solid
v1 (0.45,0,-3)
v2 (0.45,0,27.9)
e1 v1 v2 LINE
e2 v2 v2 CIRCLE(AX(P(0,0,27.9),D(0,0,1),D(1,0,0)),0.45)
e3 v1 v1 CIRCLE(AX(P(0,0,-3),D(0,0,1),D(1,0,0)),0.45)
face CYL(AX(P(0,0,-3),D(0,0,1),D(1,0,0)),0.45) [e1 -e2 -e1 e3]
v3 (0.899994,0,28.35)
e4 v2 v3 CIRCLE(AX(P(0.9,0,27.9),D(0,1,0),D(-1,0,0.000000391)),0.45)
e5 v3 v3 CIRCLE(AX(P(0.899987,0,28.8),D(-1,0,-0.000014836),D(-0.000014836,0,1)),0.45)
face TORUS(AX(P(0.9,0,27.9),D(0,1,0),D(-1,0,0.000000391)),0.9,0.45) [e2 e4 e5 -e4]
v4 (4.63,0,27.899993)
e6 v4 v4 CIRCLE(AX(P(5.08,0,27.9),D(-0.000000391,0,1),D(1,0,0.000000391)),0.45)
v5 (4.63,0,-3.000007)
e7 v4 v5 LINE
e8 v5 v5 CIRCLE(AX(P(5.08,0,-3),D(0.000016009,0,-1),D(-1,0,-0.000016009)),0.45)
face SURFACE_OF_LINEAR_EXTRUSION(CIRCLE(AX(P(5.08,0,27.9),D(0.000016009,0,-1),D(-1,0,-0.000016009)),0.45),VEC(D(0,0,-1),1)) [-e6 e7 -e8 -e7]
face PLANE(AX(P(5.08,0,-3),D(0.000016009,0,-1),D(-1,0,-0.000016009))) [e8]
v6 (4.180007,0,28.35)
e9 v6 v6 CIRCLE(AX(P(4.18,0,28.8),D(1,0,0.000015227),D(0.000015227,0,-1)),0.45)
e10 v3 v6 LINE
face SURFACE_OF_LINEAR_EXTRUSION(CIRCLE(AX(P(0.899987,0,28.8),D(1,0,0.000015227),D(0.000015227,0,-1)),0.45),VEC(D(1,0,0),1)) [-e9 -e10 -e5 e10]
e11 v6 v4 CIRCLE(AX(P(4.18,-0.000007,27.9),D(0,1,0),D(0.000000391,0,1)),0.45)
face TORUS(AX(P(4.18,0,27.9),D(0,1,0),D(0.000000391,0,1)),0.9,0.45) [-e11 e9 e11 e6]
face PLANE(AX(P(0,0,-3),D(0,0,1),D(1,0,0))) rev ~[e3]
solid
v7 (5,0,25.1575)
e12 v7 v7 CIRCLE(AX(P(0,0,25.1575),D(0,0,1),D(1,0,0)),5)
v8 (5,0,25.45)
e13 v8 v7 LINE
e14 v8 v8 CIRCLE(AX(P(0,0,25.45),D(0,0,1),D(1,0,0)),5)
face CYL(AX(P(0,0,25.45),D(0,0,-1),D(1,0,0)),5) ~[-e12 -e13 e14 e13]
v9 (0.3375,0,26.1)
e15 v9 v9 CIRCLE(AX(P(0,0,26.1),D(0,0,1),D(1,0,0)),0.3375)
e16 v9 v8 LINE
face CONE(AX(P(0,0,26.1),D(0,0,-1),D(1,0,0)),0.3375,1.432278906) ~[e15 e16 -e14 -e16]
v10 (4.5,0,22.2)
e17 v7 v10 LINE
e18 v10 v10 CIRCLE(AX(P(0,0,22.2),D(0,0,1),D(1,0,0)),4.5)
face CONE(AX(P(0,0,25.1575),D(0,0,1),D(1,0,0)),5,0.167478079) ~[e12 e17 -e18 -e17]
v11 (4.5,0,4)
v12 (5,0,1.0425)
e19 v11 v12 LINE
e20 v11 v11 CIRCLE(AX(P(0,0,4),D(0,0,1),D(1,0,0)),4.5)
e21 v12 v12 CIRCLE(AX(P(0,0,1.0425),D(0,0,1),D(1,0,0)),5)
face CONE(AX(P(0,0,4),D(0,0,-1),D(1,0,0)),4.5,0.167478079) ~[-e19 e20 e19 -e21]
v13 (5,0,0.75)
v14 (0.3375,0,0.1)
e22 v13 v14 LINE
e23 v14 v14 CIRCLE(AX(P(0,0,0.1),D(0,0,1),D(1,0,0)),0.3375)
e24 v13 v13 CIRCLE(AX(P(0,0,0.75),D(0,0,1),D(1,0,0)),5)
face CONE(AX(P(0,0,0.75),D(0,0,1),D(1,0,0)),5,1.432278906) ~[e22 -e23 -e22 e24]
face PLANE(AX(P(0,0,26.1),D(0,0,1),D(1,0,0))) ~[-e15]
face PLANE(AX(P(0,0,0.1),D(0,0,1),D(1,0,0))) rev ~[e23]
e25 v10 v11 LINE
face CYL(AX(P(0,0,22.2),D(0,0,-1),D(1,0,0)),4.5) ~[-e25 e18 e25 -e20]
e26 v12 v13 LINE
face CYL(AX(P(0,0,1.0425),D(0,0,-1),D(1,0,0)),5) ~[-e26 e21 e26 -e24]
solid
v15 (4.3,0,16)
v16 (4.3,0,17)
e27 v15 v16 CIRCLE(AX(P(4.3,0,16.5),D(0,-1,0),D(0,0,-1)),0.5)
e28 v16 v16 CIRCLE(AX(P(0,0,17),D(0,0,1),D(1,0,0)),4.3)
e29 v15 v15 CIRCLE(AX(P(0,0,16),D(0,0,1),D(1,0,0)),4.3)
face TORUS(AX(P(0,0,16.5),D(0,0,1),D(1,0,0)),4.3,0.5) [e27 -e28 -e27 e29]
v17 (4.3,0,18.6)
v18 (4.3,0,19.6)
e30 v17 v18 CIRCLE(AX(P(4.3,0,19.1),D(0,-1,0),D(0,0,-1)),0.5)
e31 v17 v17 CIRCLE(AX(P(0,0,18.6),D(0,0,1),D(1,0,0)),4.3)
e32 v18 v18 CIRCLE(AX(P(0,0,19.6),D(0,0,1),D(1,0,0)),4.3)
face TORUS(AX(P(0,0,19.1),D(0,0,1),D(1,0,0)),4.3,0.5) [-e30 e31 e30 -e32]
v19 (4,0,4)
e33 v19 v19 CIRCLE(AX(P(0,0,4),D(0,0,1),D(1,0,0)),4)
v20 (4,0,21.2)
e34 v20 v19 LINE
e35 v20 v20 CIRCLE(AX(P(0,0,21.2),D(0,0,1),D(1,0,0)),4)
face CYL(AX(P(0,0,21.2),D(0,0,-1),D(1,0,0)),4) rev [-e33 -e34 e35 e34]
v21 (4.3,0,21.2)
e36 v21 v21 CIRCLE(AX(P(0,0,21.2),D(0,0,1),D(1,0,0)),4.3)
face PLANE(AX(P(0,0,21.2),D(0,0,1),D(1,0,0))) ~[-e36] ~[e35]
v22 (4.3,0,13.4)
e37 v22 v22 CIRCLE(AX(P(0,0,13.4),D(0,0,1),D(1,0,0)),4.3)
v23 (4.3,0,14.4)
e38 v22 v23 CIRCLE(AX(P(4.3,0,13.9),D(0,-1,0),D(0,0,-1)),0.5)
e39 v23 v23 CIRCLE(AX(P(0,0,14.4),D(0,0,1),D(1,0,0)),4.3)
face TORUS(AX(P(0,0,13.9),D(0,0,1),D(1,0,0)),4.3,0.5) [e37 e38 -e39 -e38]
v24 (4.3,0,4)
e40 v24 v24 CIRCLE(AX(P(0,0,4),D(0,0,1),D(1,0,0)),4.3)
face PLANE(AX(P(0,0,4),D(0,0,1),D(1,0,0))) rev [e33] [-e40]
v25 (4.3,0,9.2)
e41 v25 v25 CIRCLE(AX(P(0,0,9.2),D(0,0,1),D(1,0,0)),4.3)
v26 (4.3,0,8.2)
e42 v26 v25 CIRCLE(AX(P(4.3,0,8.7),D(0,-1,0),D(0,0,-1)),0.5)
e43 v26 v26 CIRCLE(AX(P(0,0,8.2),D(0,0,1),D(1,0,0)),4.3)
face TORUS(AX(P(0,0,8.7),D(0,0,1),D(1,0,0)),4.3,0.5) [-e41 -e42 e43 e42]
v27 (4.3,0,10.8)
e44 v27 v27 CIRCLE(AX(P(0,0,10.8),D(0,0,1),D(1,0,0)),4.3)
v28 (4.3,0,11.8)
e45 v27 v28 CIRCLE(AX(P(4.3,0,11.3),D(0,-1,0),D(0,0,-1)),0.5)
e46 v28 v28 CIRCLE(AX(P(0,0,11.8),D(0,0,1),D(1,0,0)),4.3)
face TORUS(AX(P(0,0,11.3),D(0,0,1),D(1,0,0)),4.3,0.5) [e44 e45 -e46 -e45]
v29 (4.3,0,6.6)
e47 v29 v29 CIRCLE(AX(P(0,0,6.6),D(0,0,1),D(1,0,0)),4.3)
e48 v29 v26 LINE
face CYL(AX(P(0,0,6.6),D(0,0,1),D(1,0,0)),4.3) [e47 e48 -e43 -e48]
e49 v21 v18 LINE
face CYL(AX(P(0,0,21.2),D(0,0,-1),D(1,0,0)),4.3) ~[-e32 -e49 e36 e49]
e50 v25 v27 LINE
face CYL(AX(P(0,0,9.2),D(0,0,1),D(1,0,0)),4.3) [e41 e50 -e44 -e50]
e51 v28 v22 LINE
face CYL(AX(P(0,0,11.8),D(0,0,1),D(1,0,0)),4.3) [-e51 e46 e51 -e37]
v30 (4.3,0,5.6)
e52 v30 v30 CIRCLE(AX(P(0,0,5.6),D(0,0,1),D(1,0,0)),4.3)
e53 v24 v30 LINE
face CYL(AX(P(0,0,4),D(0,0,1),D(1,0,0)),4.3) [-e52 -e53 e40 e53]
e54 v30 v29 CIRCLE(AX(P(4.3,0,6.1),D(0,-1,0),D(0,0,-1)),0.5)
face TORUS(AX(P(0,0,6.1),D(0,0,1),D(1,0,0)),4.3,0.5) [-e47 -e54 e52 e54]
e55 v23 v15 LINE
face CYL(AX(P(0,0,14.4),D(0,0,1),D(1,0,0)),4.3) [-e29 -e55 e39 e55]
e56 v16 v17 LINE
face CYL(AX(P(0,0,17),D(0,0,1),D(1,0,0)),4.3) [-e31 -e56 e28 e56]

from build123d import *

# Parameters (mm, degrees)
SKETCH_R = 0.45


with BuildPart() as sweep_body:
    # Sweep: sweep along a path in Sketch001
    with BuildLine(Plane.XZ) as sweep_path:
        Line((0, -3), (0, 27.9))
        ThreePointArc((0, 27.9), (0.263599, 28.536391), (0.899987, 28.8))
        Line((0.899987, 28.8), (4.18, 28.8))
        ThreePointArc((4.18, 28.8), (4.816396, 28.536396), (5.08, 27.9))
        Line((5.08, 27.9), (5.08, -3))
    # Sketch → Sweep (sweep)
    with BuildSketch(Plane.XY.offset(-2)):
        Circle(SKETCH_R)
    sweep(path=sweep_path.line)


with BuildPart() as revolution:
    # Sketch002 → Revolution (revolve)
    with BuildSketch(Plane.XZ):
        Polygon((0, 0.1), (0, 26.1), (0.3375, 26.1), (5, 25.45), (5, 25.1575), (4.5, 22.2), (4.5, 4), (5, 1.0425), (5, 0.75), (0.3375, 0.1), align=None)
    revolve(axis=Axis((0, 0, 0), (0, 0, 1)))


with BuildPart() as revolution001:
    # Sketch003 → Revolution001 (revolve)
    with BuildSketch(Plane.XZ):
        with BuildLine():
            Line((4, 21.2), (4, 4))
            Line((4, 4), (4.3, 4))
            Line((4.3, 4), (4.3, 5.6))
            ThreePointArc((4.3, 5.6), (4.8, 6.1), (4.3, 6.6))
            Line((4.3, 6.6), (4.3, 8.2))
            ThreePointArc((4.3, 8.2), (4.8, 8.7), (4.3, 9.2))
            Line((4.3, 9.2), (4.3, 10.8))
            ThreePointArc((4.3, 10.8), (4.8, 11.3), (4.3, 11.8))
            Line((4.3, 11.8), (4.3, 13.4))
            ThreePointArc((4.3, 13.4), (4.8, 13.9), (4.3, 14.4))
            Line((4.3, 14.4), (4.3, 16))
            ThreePointArc((4.3, 16), (4.8, 16.5), (4.3, 17))
            Line((4.3, 17), (4.3, 18.6))
            ThreePointArc((4.3, 18.6), (4.8, 19.1), (4.3, 19.6))
            Line((4.3, 21.2), (4.3, 19.6))
            Line((4, 21.2), (4.3, 21.2))
        make_face()
    revolve(axis=Axis((0, 0, 0), (0, 0, 1)))


solid = Compound([sweep_body.part, revolution.part, revolution001.part])
